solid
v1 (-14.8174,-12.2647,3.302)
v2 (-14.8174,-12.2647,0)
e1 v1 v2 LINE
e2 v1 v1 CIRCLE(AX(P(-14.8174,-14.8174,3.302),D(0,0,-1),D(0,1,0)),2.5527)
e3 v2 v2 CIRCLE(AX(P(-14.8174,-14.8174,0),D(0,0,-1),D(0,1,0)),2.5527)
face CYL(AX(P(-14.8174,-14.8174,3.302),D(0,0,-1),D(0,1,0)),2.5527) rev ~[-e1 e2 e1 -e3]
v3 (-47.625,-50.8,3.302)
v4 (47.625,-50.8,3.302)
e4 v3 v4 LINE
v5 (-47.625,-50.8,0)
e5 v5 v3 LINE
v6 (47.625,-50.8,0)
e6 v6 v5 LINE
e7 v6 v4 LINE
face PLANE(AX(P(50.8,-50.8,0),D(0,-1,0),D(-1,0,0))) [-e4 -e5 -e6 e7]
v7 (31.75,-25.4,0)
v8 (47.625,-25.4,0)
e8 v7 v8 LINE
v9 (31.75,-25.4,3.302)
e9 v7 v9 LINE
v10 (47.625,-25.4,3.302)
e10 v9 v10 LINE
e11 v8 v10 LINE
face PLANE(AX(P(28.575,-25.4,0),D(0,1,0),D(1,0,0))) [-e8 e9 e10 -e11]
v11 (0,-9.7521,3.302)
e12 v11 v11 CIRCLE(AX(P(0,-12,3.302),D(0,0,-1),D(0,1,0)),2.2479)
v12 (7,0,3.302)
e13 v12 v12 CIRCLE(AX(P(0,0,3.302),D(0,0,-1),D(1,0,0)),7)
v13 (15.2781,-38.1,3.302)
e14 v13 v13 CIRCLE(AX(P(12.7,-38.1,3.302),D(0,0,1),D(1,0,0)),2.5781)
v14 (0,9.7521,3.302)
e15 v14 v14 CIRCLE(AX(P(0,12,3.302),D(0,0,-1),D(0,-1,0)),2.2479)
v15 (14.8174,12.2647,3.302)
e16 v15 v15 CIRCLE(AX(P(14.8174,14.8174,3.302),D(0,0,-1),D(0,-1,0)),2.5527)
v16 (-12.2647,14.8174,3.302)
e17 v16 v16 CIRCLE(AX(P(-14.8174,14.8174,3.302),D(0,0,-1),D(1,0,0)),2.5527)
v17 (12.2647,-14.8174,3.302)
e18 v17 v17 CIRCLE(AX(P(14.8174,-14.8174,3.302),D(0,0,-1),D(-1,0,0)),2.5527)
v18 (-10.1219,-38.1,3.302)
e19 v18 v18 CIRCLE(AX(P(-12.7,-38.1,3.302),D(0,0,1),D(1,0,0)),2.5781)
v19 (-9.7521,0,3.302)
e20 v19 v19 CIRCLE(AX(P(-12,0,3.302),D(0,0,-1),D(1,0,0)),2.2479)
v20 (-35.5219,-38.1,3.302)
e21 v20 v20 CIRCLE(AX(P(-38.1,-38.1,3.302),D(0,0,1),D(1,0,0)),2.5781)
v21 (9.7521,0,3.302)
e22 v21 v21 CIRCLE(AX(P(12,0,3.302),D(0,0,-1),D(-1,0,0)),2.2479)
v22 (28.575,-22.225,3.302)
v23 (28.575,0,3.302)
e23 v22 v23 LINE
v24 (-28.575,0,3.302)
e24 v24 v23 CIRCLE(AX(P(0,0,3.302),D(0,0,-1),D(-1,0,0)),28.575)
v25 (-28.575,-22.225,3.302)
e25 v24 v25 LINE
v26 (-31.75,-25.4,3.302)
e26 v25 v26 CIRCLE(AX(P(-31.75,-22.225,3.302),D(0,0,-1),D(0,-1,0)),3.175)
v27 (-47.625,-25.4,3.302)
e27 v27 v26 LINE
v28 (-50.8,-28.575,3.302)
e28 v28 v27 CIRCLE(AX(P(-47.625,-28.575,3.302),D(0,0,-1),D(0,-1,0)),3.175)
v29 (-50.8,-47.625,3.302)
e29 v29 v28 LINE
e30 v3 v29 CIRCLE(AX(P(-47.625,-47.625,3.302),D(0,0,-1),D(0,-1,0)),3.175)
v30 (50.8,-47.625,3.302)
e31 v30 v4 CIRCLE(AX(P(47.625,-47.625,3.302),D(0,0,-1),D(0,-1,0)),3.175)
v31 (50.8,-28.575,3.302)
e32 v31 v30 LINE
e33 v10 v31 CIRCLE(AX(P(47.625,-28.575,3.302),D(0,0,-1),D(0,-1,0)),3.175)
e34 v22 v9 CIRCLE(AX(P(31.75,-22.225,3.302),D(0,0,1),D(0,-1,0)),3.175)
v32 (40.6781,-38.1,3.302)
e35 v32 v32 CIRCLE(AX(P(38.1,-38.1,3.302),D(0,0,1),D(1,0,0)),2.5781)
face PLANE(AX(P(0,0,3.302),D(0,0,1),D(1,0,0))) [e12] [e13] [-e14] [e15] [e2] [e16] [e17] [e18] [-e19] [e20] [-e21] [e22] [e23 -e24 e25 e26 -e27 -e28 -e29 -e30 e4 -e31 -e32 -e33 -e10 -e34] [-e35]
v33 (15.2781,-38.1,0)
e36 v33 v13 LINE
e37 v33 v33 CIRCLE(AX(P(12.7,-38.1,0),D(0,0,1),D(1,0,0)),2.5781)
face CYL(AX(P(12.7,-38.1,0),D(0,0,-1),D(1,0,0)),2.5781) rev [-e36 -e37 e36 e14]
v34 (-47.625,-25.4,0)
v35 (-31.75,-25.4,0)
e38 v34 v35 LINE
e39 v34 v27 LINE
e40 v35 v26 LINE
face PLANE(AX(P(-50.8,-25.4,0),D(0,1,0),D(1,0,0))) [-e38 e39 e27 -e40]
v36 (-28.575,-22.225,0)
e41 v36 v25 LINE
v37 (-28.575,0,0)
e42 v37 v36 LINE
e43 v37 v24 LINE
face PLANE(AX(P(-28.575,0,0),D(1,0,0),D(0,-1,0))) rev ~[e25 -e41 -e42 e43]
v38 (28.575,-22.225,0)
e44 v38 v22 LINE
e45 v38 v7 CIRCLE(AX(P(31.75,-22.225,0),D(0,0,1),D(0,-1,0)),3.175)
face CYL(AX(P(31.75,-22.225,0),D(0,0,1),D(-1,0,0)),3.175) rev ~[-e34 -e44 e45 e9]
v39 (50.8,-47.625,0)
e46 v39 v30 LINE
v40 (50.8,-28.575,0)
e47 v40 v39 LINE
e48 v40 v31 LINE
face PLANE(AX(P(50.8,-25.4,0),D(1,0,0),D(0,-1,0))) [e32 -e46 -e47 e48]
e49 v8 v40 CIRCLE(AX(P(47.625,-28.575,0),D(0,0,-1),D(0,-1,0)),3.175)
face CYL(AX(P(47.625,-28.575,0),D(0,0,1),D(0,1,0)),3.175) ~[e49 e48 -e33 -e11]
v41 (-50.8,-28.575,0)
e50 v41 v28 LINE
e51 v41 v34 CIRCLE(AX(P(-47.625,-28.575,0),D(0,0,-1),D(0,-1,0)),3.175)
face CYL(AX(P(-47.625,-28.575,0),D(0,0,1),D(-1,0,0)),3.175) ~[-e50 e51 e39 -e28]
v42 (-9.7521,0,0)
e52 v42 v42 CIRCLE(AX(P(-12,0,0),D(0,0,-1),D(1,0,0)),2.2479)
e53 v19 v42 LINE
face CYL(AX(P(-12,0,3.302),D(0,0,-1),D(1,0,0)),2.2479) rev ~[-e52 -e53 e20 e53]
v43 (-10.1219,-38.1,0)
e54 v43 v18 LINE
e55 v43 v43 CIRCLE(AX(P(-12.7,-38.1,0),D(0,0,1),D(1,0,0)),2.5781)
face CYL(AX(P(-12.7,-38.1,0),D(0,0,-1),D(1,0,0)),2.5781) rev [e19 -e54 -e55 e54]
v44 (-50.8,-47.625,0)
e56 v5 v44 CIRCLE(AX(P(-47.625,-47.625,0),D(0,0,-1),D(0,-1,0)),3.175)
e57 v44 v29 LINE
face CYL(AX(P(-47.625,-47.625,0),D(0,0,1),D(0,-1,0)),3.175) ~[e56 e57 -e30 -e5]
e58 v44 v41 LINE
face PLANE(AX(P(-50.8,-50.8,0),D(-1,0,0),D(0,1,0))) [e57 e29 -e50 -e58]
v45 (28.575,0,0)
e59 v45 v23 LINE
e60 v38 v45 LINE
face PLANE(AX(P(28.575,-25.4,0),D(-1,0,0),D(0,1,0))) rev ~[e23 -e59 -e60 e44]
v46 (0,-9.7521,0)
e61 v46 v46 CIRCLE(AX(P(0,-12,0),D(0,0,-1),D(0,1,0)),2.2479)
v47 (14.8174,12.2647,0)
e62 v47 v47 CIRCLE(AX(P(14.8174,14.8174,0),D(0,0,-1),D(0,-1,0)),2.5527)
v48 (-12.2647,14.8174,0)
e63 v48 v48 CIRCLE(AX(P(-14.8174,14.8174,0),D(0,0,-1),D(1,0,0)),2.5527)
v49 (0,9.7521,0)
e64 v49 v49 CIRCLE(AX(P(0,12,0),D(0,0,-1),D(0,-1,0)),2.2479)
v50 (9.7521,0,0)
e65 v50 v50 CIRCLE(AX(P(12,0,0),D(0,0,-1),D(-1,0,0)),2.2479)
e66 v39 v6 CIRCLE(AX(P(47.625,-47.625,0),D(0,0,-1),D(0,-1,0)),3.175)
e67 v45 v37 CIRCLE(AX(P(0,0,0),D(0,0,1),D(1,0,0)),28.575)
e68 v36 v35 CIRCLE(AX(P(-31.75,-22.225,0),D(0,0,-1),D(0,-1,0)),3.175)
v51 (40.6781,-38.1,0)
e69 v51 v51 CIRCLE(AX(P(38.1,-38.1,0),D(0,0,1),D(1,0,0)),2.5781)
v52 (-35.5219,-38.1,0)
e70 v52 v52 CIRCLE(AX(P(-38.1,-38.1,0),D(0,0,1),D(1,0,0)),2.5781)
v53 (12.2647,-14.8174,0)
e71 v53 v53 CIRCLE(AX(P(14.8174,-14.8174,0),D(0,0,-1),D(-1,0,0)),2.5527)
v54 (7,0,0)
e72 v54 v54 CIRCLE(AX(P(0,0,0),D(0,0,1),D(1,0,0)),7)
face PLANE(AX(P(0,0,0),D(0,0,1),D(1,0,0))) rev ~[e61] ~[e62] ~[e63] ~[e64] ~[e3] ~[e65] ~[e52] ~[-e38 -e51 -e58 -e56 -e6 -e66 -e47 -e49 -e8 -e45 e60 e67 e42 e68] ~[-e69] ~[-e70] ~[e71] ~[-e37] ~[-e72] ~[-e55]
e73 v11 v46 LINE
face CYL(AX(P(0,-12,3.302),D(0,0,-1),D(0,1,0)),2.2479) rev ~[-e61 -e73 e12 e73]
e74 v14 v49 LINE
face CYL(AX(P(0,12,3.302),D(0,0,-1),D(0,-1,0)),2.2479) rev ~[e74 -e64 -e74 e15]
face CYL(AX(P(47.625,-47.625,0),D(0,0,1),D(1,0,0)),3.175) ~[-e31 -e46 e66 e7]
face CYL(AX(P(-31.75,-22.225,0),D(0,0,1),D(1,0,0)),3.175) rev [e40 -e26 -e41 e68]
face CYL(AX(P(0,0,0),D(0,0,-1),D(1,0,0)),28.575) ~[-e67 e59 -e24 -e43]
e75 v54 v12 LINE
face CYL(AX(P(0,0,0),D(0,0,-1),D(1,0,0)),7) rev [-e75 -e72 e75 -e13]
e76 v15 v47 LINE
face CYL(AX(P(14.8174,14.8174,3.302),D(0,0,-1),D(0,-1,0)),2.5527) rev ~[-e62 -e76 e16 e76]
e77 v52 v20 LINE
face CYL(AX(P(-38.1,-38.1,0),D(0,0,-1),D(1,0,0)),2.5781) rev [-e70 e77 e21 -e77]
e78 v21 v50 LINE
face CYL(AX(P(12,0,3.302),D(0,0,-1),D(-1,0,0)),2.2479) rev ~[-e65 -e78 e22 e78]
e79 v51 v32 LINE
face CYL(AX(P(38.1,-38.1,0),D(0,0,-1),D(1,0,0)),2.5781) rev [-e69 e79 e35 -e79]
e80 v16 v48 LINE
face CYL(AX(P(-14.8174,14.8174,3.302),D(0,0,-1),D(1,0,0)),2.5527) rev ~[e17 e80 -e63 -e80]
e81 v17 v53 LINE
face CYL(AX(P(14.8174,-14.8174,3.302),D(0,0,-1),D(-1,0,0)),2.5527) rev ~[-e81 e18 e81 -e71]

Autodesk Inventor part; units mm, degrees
ref_plane "YZ Plane" through (0, 0, 0) normal (1, 0, 0) x (0, 1, 0)
ref_plane "XZ Plane" through (0, 0, 0) normal (0, 1, 0) x (-1, 0, 0)
ref_plane "XY Plane" through (0, 0, 0) normal (0, 0, 1) x (1, 0, 0)
sketch "Sketch1" plane through (0, 0, 0) normal (0, 0, 1) x (1, 0, 0)
  arc A0 (28.575, 0) -> (-28.575, 0) centre (0, 0) ccw
  circle A1 centre (0, 0) radius 7
  line L0 (-19, -50.8) -> (19, -50.8)
  line L1 (28.575, -25.4) -> (28.575, 0)
  line L2 (-28.575, 0) -> (-28.575, -25.4)
  line L3 (0, -66.675) -> (0, 44.45) projected
  circle A2 centre (-12.7, -38.1) radius 2.5781
  circle A3 centre (12.7, -38.1) radius 2.5781
  line L4 (-19, -50.8) -> (-50.8, -50.8)
  line L5 (-50.8, -50.8) -> (-50.8, -25.4)
  line L6 (50.8, -25.4) -> (50.8, -50.8)
  line L7 (50.8, -50.8) -> (-50.8, -50.8)
  line L8 (-50.8, -25.4) -> (-28.575, -25.4)
  line L9 (28.575, -25.4) -> (50.8, -25.4)
  circle A4 centre (-38.1, -38.1) radius 2.5781
  circle A5 centre (38.1, -38.1) radius 2.5781
  dimension "d1" = 14
  dimension "d10" = 5.1562
  dimension "d11" = 5.1562
  dimension "d12" = 12.7
  dimension "d13" = 12.7
  dimension "d14" = 12.7
  dimension "d15" = 12.7
  dimension "d16" = 50.8
  dimension "d17" = 25.4
  dimension "d18" = 101.6
  dimension "d19" = 50.8
  dimension "d20" = 25.4
  dimension "d21" = 25.4
  dimension "d25" = 28.575
  dimension "d26" = 25.4
extrude "Extrusion1" add sketch "Sketch1" along normal blind 3.302 contours L1 L9 L6 L7 L0 L3 A1 A0 | L3 A1 L0 L4 L5 L8 L2 A0
fillet "Fillet1" radius 3.175 6 edges at (28.575, -25.4, 1.651) (-28.575, -25.4, 1.651) (-50.8, -25.4, 1.651) (-50.8, -50.8, 1.651) (50.8, -25.4, 1.651) (50.8, -50.8, 1.651)
sketch "Sketch2" plane through (0, 0, 3.302) normal (0, 0, 1) x (1, 0, 0)
  circle A0 centre (0, 0) radius 12
  circle A1 centre (0, 0) radius 20.955
  circle A2 centre (0, 0) radius 7 projected
  line L0 (0, 0) -> (14.8174, 14.8174)
  line L1 (0, 0) -> (12, 0) construction
  line L2 (0, 0) -> (0, 12) construction
  dimension "d28" = 41.91
  dimension "d27" = 24
  dimension "d29" = 45
hole "Hole1" at (14.8174, 14.8174, 3.302) direction (0, 0, -1) diameter 5.1054 depth 16.256 tip angle 118 clearance for "Flat Head Machine Screw (82)" size "#10" standard "Ansi Unified Screw Threads"
pattern_circular "Circular Pattern1" count 4 over 360 about axis through (0, 0, 0) along (0, 0, 1) of "Hole1"
hole "Hole2" at (0, 12, 3.302) direction (0, 0, -1) diameter 4.4958 depth 16.256 tip angle 118 clearance for "Flat Head Machine Screw" size "M4" standard "Ansi Metric M Profile"
pattern_circular "Circular Pattern2" count 4 over 360 about axis through (0, 0, 0) along (0, 0, 1) of "Hole2"
equation "\"d19\" = 0.5 * d18"
properties part number "ArmPlateBase V2"
